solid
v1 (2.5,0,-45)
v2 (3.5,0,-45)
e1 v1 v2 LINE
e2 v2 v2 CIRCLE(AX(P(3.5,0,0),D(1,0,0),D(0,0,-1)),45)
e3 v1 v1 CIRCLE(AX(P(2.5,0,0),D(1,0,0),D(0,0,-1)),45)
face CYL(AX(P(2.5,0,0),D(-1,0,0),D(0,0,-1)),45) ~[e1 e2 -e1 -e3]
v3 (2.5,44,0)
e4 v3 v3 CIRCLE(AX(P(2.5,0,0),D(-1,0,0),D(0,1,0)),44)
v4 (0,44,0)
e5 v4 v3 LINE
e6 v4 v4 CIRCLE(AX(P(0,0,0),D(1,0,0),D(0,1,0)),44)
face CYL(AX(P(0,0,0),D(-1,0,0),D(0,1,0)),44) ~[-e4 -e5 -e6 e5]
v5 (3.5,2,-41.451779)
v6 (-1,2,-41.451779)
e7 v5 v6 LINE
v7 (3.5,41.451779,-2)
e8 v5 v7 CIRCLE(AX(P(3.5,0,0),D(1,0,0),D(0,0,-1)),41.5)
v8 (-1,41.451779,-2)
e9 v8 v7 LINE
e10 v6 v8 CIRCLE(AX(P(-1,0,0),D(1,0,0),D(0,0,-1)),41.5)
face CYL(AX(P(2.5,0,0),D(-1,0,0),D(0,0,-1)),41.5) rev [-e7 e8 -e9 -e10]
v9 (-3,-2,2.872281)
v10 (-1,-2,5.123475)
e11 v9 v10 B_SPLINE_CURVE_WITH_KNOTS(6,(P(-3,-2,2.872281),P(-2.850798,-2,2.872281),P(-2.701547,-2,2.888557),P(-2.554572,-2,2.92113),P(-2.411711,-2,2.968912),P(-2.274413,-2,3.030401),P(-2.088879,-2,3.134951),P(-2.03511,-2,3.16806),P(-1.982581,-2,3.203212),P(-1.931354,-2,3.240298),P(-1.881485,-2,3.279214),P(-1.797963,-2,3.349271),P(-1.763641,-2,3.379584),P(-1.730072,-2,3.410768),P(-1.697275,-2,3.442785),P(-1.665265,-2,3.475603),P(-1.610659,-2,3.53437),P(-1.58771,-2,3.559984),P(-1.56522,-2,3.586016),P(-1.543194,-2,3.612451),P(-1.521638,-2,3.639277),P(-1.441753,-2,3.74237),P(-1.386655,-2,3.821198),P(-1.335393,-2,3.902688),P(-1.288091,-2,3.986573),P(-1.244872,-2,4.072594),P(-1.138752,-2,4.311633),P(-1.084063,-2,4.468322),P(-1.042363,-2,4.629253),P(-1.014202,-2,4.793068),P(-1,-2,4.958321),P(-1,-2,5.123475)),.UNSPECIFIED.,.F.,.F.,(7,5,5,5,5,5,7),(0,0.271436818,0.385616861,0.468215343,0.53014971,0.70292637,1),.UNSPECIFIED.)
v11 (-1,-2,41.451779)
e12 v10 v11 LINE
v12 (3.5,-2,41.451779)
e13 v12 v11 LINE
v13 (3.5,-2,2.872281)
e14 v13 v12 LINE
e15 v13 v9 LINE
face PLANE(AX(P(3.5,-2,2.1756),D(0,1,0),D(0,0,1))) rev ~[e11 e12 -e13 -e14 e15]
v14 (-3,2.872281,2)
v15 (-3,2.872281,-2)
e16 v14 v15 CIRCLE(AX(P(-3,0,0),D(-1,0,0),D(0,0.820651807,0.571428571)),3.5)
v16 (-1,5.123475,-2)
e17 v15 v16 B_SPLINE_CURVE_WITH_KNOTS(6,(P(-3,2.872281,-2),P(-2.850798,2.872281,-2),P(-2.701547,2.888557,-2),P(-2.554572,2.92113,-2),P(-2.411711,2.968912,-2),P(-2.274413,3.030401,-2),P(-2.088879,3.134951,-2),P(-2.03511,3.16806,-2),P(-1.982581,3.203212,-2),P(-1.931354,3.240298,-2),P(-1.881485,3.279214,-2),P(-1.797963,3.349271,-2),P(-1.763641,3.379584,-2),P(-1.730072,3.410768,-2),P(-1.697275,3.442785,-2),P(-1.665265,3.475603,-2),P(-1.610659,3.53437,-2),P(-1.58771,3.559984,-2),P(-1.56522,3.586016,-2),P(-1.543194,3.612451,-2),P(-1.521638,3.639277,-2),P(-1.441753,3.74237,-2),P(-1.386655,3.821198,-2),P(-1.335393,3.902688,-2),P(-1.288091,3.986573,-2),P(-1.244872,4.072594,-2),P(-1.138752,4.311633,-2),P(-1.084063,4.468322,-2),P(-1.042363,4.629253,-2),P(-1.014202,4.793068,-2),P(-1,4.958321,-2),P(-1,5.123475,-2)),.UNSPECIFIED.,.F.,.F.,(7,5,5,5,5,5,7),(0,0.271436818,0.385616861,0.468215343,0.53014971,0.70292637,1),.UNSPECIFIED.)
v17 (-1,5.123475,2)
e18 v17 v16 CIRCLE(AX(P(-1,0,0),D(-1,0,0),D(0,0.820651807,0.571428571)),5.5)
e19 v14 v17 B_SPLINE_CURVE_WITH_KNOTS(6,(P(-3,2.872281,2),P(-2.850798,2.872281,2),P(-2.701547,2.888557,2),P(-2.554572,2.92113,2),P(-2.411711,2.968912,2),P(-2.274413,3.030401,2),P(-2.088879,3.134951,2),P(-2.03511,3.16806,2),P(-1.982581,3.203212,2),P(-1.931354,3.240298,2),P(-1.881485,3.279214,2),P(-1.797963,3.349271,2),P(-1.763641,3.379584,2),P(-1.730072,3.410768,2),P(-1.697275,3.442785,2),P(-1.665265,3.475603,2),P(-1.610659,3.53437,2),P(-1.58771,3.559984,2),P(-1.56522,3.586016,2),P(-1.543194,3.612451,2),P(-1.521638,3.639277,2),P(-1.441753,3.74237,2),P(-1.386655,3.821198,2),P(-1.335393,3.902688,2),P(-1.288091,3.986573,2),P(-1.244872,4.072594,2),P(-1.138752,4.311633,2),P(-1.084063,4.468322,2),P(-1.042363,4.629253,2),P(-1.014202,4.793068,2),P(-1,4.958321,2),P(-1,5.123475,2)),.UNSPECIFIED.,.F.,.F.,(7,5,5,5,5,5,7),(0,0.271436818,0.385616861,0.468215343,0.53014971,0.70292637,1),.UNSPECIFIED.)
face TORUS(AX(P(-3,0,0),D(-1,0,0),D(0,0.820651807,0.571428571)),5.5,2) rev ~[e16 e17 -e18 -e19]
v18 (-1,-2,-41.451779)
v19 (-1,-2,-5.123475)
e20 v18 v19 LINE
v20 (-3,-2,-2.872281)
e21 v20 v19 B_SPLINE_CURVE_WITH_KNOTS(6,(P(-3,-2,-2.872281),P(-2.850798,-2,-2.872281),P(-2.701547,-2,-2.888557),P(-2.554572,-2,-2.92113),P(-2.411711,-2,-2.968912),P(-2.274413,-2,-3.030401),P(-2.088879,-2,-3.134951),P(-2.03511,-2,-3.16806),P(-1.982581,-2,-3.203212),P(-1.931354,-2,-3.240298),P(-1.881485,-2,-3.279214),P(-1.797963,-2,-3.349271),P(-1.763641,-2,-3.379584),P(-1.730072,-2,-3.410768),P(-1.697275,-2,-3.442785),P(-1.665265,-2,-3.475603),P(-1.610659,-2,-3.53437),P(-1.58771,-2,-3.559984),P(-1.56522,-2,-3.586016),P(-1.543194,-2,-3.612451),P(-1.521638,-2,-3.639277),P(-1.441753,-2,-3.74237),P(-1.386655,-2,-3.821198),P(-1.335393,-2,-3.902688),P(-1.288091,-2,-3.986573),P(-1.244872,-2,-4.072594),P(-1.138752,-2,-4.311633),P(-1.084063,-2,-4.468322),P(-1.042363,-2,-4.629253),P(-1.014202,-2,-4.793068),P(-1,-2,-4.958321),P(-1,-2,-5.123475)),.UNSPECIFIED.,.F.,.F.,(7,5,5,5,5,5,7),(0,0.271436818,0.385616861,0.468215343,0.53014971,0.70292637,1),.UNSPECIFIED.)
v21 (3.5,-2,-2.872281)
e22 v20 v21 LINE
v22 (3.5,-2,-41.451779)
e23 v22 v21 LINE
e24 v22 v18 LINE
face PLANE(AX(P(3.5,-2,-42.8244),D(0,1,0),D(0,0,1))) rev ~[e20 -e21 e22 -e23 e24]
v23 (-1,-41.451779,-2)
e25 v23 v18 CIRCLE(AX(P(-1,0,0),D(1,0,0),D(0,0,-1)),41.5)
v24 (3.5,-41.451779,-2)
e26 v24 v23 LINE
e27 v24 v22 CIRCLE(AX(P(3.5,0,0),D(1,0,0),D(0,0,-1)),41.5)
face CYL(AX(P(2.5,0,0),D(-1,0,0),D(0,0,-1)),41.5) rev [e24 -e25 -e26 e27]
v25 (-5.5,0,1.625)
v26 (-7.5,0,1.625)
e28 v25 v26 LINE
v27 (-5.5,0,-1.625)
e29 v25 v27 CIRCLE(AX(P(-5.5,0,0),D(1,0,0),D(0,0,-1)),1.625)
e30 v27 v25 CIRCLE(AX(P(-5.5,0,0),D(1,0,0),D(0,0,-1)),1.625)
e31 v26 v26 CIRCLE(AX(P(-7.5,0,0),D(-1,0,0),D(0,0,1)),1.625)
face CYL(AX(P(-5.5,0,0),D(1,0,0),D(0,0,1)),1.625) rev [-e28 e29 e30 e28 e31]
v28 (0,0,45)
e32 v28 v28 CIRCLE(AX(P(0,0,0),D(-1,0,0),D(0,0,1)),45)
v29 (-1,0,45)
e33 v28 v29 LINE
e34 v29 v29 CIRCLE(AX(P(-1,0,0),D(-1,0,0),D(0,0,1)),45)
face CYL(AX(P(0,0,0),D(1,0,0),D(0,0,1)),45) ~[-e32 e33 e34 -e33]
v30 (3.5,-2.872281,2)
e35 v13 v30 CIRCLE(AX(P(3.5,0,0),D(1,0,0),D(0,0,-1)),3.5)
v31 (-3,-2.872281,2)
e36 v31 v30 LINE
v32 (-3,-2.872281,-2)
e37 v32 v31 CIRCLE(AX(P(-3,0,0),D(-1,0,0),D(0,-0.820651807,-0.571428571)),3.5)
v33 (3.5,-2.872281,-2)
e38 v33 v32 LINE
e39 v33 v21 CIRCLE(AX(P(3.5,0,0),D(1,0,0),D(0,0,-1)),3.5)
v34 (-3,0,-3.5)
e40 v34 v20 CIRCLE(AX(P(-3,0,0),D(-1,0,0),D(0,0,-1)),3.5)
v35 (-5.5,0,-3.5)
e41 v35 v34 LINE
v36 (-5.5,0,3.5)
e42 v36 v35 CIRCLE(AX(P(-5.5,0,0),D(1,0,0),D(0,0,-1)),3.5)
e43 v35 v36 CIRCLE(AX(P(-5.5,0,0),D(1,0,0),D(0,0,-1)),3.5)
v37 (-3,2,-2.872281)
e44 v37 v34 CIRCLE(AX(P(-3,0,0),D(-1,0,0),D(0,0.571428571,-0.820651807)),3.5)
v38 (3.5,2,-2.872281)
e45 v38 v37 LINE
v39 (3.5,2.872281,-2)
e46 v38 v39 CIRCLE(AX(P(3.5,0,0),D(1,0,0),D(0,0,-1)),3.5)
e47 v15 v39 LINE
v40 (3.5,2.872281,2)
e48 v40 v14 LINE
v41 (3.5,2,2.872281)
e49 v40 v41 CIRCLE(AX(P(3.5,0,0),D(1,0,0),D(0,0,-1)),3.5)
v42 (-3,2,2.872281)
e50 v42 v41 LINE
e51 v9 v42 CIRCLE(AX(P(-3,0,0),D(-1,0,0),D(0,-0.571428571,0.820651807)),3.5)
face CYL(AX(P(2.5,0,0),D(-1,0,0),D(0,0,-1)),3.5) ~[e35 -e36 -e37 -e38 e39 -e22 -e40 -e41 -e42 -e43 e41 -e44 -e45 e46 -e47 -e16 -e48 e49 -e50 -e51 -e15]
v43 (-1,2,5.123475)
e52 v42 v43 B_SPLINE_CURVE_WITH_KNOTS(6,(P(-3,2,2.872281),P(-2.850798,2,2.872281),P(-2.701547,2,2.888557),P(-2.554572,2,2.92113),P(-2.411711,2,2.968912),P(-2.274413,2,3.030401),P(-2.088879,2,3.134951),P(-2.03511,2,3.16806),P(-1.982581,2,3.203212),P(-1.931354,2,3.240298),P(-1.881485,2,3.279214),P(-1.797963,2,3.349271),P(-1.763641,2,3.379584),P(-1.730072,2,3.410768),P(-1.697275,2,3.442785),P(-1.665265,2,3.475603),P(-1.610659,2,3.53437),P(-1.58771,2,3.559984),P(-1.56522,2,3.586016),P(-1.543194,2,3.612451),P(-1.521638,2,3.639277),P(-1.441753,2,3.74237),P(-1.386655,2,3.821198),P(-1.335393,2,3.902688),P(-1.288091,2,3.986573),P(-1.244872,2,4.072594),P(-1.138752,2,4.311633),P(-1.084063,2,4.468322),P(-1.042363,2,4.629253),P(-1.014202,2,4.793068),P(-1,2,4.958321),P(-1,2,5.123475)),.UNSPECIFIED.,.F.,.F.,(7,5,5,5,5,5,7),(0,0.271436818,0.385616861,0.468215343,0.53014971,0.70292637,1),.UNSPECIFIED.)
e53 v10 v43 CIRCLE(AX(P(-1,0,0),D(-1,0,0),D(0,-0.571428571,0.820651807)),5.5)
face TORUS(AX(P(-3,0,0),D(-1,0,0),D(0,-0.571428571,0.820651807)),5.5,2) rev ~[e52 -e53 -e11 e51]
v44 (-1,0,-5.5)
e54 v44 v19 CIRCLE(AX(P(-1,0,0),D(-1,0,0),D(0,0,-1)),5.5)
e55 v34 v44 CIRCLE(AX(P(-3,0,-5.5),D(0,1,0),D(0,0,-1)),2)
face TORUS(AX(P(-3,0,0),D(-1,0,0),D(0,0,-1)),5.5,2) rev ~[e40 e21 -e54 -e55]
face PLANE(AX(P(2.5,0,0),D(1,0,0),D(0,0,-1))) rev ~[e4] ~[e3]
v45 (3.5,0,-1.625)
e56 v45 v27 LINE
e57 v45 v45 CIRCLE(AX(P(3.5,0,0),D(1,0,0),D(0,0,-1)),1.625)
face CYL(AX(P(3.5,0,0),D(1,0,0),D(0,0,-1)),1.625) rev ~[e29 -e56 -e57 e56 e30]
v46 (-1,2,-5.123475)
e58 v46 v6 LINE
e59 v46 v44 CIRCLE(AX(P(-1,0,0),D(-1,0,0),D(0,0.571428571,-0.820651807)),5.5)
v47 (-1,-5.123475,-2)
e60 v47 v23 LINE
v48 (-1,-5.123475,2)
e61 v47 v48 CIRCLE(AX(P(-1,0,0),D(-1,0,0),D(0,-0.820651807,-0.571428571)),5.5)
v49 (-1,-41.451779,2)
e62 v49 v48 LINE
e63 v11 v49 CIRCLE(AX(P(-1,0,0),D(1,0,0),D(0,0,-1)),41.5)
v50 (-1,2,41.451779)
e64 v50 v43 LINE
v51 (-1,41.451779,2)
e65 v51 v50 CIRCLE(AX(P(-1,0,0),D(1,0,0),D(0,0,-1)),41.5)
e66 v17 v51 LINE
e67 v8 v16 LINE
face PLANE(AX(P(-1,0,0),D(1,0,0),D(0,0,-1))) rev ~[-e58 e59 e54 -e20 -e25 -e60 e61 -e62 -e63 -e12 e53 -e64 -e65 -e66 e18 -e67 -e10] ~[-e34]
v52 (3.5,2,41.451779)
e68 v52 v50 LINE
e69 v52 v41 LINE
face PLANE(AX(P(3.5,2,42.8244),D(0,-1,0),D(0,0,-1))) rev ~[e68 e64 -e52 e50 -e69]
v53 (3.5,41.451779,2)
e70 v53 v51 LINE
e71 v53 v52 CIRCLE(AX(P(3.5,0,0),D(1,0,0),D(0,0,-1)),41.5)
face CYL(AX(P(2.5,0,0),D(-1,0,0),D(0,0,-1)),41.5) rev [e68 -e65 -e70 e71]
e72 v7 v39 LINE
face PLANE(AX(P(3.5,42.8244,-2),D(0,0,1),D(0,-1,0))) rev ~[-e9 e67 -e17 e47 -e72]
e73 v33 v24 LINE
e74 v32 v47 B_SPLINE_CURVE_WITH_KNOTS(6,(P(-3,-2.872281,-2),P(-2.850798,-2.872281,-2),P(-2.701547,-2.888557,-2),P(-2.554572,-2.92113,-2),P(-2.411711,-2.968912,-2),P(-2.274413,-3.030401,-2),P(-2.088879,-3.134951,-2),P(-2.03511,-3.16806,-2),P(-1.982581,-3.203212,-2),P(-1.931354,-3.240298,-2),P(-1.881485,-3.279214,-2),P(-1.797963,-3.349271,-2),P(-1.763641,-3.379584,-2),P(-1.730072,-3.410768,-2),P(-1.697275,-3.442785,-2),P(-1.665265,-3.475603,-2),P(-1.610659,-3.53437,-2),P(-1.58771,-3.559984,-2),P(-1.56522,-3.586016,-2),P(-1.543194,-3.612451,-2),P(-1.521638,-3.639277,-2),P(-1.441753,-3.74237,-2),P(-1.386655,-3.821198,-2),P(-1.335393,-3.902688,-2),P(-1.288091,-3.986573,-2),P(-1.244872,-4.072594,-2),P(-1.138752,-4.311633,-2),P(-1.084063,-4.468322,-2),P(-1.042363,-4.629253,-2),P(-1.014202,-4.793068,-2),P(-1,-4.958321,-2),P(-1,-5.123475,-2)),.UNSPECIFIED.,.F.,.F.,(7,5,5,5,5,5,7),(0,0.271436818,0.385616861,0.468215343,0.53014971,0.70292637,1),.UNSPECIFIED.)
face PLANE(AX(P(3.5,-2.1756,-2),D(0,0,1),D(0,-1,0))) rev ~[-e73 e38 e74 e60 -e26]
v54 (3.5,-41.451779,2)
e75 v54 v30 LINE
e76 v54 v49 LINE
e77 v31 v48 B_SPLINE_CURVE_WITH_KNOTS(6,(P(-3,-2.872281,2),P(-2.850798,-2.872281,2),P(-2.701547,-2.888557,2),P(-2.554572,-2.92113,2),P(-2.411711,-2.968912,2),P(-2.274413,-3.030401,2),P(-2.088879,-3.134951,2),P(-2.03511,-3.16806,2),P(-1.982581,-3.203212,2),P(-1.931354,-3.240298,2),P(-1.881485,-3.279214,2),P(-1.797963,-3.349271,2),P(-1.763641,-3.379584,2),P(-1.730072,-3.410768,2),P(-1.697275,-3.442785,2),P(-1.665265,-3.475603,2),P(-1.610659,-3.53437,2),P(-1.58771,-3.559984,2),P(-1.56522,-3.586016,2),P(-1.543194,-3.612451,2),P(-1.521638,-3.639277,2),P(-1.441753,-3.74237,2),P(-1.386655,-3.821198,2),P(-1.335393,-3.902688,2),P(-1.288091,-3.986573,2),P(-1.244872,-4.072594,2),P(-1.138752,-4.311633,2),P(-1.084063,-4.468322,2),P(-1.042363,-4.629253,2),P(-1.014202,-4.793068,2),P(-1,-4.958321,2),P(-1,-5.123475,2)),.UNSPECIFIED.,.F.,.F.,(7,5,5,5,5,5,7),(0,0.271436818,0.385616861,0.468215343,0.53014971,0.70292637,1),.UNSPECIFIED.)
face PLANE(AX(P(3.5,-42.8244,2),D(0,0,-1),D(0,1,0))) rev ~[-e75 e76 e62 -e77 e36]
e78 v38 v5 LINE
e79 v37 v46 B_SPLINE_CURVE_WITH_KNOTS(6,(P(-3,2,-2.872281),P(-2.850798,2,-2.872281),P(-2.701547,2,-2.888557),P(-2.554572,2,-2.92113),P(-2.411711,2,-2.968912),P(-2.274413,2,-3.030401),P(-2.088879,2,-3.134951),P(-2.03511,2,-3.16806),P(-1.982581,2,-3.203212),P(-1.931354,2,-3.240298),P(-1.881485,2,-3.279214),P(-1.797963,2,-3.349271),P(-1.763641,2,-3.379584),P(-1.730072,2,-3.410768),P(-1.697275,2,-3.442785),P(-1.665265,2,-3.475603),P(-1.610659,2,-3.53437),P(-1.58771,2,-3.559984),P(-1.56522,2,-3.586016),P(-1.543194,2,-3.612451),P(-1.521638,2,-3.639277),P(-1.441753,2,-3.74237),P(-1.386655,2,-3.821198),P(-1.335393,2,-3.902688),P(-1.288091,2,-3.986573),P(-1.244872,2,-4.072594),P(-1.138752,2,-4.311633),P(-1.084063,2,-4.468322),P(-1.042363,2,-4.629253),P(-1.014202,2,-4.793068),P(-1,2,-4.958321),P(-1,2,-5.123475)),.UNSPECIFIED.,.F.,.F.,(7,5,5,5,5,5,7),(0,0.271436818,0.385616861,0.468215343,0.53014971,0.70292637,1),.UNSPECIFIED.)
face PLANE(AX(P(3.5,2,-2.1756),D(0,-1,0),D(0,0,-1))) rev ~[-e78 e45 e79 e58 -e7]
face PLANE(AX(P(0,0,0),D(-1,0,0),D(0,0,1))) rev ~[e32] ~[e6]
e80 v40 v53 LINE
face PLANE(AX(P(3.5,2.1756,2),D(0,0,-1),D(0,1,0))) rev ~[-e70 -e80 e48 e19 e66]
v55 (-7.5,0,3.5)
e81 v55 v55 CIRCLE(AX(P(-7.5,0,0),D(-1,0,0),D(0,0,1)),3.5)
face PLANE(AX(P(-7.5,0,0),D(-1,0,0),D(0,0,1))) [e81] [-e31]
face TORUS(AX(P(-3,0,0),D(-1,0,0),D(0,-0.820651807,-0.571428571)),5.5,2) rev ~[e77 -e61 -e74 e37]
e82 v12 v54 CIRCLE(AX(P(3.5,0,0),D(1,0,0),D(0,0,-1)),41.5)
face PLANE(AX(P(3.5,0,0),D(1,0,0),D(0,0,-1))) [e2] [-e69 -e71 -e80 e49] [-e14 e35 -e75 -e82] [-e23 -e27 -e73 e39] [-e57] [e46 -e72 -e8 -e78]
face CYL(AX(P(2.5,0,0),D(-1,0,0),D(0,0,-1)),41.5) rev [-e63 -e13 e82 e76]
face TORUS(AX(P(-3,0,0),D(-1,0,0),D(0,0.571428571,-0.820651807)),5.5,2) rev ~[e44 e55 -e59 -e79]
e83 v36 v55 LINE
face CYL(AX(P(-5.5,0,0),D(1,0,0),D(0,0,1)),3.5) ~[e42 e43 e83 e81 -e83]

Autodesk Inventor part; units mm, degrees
ref_plane "YZ Plane" through (0, 0, 0) normal (1, 0, 0) x (0, 1, 0)
ref_plane "XZ Plane" through (0, 0, 0) normal (0, 1, 0) x (-1, 0, 0)
ref_plane "XY Plane" through (0, 0, 0) normal (0, 0, 1) x (1, 0, 0)
sketch "Sketch1" plane through (0, 0, 0) normal (1, 0, 0) x (0, 1, 0)
  circle A0 centre (0, 0) radius 44
  dimension "d0" = 88
extrude "Extrusion1" add sketch "Sketch1" along normal blind 3.5
sketch "Sketch2" plane through (3.5, 0, 0) normal (1, 0, 0) x (0, 0, -1)
  circle A0 centre (0, 0) radius 45
  dimension "d3" = 90
extrude "Extrusion2" add sketch "Sketch2" along normal blind 1
sketch "Sketch3" plane through (0, 0, 0) normal (-1, 0, 0) x (0, 0, 1)
  circle A0 centre (0, 0) radius 45
  dimension "d6" = 90
extrude "Extrusion3" add sketch "Sketch3" along normal blind 1
sketch "Sketch4" plane through (4.5, 0, 0) normal (1, 0, 0) x (0, 0, -1)
  circle A0 centre (0, 0) radius 41.5
  dimension "d9" = 83
extrude "Extrusion4" cut sketch "Sketch4" against normal blind 6
sketch "Sketch5" plane through (4.5, 0, 0) normal (1, 0, 0) x (0, 0, -1)
  circle A0 centre (0, 0) radius 3.5
  dimension "d12" = 7
extrude "Extrusion5" add sketch "Sketch5" against normal blind 10
sketch "Sketch6" plane through (4.5, 0, 0) normal (1, 0, 0) x (0, 0, -1)
  circle A0 centre (0, 0) radius 45
extrude "Extrusion6" cut sketch "Sketch6" against normal blind 2
sketch "Sketch7" plane through (2.5, 0, 0) normal (1, 0, 0) x (0, 0, -1)
  circle A0 centre (0, 0) radius 3.5 projected
  circle A1 centre (0, 0) radius 41.5
  circle A2 centre (0, 0) radius 45
extrude "Extrusion7" add sketch "Sketch7" along normal blind 1 contours A2
sketch "Sketch8" plane through (2.5, 0, 0) normal (1, 0, 0) x (0, 0, -1)
  circle A0 centre (0, 0) radius 3.5
extrude "Extrusion8" add sketch "Sketch8" along normal blind 1
sketch "Sketch9" plane through (3.5, 0, 0) normal (1, 0, 0) x (0, 0, -1)
  circle A0 centre (0, 0) radius 1.625
  dimension "d21" = 3.25
extrude "Extrusion9" cut sketch "Sketch9" against normal blind 10
sketch "Sketch10" plane through (3.5, 0, 0) normal (1, 0, 0) x (0, 0, -1)
  line L0 (2, 2.1756) -> (-2, 2.1756)
  line L1 (-2, 2.1756) -> (-2, 42.8244)
  line L2 (-2, 42.8244) -> (2, 42.8244)
  line L3 (2, 42.8244) -> (2, 2.1756)
  line L4 (2, 2.1756) -> (-2, 42.8244) construction
  line L5 (-2, 2.1756) -> (2, 42.8244) construction
  point P0 (0, 0)
  point P1 (0, 22.5)
  dimension "d24" = 4
extrude "Extrusion10" add sketch "Sketch10" against normal blind 4.5
pattern_circular "Circular Pattern1" count 4 over 360 about axis through (4.5, 0, 0) along (-1, 0, 0) of "Extrusion10"
fillet "Fillet1" radius 2 5 edges at (-1, 0, 3.5) (-1, -3.5, 0) (-1, 3.5, 0) (-1, -1.0481, -3.3394) (-1, 1.0481, -3.3394)
sketch "Sketch11" plane through (-5.5, 0, 0) normal (-1, 0, 0) x (0, 0, 1)
  circle A0 centre (0, 0) radius 1.625
  circle A1 centre (0, 0) radius 3.5
extrude "Extrusion11" add sketch "Sketch11" along normal blind 2
sketch "Sketch12" plane through (-7.5, 0, 0) normal (-1, 0, 0) x (0, 0, 1)
  circle A0 centre (0, 0) radius 1.625
  circle A1 centre (0, 0) radius 2
  dimension "d33" = 4
extrude "Extrusion12" add sketch "Sketch12" along normal blind 3.3
sketch "Sketch13" plane through (-10.8, 0, 0) normal (-1, 0, 0) x (0, 0, 1)
  circle A0 centre (0, 0) radius 3.5 projected
  line L0 (2.5211, -2.4277) -> (-2.5211, -2.4277)
  line L1 (-2.5211, -2.4277) -> (-2.5211, 2.4277)
  line L2 (-2.5211, 2.4277) -> (2.5211, 2.4277)
  line L3 (2.5211, 2.4277) -> (2.5211, -2.4277)
  line L4 (2.5211, -2.4277) -> (-2.5211, 2.4277) construction
  line L5 (-2.5211, -2.4277) -> (2.5211, 2.4277) construction
extrude "Extrusion13" cut sketch "Sketch13" against normal blind 3.3 contours L3 L0 L1 L2
properties part number "mtv_pushingWheel_2-25"
